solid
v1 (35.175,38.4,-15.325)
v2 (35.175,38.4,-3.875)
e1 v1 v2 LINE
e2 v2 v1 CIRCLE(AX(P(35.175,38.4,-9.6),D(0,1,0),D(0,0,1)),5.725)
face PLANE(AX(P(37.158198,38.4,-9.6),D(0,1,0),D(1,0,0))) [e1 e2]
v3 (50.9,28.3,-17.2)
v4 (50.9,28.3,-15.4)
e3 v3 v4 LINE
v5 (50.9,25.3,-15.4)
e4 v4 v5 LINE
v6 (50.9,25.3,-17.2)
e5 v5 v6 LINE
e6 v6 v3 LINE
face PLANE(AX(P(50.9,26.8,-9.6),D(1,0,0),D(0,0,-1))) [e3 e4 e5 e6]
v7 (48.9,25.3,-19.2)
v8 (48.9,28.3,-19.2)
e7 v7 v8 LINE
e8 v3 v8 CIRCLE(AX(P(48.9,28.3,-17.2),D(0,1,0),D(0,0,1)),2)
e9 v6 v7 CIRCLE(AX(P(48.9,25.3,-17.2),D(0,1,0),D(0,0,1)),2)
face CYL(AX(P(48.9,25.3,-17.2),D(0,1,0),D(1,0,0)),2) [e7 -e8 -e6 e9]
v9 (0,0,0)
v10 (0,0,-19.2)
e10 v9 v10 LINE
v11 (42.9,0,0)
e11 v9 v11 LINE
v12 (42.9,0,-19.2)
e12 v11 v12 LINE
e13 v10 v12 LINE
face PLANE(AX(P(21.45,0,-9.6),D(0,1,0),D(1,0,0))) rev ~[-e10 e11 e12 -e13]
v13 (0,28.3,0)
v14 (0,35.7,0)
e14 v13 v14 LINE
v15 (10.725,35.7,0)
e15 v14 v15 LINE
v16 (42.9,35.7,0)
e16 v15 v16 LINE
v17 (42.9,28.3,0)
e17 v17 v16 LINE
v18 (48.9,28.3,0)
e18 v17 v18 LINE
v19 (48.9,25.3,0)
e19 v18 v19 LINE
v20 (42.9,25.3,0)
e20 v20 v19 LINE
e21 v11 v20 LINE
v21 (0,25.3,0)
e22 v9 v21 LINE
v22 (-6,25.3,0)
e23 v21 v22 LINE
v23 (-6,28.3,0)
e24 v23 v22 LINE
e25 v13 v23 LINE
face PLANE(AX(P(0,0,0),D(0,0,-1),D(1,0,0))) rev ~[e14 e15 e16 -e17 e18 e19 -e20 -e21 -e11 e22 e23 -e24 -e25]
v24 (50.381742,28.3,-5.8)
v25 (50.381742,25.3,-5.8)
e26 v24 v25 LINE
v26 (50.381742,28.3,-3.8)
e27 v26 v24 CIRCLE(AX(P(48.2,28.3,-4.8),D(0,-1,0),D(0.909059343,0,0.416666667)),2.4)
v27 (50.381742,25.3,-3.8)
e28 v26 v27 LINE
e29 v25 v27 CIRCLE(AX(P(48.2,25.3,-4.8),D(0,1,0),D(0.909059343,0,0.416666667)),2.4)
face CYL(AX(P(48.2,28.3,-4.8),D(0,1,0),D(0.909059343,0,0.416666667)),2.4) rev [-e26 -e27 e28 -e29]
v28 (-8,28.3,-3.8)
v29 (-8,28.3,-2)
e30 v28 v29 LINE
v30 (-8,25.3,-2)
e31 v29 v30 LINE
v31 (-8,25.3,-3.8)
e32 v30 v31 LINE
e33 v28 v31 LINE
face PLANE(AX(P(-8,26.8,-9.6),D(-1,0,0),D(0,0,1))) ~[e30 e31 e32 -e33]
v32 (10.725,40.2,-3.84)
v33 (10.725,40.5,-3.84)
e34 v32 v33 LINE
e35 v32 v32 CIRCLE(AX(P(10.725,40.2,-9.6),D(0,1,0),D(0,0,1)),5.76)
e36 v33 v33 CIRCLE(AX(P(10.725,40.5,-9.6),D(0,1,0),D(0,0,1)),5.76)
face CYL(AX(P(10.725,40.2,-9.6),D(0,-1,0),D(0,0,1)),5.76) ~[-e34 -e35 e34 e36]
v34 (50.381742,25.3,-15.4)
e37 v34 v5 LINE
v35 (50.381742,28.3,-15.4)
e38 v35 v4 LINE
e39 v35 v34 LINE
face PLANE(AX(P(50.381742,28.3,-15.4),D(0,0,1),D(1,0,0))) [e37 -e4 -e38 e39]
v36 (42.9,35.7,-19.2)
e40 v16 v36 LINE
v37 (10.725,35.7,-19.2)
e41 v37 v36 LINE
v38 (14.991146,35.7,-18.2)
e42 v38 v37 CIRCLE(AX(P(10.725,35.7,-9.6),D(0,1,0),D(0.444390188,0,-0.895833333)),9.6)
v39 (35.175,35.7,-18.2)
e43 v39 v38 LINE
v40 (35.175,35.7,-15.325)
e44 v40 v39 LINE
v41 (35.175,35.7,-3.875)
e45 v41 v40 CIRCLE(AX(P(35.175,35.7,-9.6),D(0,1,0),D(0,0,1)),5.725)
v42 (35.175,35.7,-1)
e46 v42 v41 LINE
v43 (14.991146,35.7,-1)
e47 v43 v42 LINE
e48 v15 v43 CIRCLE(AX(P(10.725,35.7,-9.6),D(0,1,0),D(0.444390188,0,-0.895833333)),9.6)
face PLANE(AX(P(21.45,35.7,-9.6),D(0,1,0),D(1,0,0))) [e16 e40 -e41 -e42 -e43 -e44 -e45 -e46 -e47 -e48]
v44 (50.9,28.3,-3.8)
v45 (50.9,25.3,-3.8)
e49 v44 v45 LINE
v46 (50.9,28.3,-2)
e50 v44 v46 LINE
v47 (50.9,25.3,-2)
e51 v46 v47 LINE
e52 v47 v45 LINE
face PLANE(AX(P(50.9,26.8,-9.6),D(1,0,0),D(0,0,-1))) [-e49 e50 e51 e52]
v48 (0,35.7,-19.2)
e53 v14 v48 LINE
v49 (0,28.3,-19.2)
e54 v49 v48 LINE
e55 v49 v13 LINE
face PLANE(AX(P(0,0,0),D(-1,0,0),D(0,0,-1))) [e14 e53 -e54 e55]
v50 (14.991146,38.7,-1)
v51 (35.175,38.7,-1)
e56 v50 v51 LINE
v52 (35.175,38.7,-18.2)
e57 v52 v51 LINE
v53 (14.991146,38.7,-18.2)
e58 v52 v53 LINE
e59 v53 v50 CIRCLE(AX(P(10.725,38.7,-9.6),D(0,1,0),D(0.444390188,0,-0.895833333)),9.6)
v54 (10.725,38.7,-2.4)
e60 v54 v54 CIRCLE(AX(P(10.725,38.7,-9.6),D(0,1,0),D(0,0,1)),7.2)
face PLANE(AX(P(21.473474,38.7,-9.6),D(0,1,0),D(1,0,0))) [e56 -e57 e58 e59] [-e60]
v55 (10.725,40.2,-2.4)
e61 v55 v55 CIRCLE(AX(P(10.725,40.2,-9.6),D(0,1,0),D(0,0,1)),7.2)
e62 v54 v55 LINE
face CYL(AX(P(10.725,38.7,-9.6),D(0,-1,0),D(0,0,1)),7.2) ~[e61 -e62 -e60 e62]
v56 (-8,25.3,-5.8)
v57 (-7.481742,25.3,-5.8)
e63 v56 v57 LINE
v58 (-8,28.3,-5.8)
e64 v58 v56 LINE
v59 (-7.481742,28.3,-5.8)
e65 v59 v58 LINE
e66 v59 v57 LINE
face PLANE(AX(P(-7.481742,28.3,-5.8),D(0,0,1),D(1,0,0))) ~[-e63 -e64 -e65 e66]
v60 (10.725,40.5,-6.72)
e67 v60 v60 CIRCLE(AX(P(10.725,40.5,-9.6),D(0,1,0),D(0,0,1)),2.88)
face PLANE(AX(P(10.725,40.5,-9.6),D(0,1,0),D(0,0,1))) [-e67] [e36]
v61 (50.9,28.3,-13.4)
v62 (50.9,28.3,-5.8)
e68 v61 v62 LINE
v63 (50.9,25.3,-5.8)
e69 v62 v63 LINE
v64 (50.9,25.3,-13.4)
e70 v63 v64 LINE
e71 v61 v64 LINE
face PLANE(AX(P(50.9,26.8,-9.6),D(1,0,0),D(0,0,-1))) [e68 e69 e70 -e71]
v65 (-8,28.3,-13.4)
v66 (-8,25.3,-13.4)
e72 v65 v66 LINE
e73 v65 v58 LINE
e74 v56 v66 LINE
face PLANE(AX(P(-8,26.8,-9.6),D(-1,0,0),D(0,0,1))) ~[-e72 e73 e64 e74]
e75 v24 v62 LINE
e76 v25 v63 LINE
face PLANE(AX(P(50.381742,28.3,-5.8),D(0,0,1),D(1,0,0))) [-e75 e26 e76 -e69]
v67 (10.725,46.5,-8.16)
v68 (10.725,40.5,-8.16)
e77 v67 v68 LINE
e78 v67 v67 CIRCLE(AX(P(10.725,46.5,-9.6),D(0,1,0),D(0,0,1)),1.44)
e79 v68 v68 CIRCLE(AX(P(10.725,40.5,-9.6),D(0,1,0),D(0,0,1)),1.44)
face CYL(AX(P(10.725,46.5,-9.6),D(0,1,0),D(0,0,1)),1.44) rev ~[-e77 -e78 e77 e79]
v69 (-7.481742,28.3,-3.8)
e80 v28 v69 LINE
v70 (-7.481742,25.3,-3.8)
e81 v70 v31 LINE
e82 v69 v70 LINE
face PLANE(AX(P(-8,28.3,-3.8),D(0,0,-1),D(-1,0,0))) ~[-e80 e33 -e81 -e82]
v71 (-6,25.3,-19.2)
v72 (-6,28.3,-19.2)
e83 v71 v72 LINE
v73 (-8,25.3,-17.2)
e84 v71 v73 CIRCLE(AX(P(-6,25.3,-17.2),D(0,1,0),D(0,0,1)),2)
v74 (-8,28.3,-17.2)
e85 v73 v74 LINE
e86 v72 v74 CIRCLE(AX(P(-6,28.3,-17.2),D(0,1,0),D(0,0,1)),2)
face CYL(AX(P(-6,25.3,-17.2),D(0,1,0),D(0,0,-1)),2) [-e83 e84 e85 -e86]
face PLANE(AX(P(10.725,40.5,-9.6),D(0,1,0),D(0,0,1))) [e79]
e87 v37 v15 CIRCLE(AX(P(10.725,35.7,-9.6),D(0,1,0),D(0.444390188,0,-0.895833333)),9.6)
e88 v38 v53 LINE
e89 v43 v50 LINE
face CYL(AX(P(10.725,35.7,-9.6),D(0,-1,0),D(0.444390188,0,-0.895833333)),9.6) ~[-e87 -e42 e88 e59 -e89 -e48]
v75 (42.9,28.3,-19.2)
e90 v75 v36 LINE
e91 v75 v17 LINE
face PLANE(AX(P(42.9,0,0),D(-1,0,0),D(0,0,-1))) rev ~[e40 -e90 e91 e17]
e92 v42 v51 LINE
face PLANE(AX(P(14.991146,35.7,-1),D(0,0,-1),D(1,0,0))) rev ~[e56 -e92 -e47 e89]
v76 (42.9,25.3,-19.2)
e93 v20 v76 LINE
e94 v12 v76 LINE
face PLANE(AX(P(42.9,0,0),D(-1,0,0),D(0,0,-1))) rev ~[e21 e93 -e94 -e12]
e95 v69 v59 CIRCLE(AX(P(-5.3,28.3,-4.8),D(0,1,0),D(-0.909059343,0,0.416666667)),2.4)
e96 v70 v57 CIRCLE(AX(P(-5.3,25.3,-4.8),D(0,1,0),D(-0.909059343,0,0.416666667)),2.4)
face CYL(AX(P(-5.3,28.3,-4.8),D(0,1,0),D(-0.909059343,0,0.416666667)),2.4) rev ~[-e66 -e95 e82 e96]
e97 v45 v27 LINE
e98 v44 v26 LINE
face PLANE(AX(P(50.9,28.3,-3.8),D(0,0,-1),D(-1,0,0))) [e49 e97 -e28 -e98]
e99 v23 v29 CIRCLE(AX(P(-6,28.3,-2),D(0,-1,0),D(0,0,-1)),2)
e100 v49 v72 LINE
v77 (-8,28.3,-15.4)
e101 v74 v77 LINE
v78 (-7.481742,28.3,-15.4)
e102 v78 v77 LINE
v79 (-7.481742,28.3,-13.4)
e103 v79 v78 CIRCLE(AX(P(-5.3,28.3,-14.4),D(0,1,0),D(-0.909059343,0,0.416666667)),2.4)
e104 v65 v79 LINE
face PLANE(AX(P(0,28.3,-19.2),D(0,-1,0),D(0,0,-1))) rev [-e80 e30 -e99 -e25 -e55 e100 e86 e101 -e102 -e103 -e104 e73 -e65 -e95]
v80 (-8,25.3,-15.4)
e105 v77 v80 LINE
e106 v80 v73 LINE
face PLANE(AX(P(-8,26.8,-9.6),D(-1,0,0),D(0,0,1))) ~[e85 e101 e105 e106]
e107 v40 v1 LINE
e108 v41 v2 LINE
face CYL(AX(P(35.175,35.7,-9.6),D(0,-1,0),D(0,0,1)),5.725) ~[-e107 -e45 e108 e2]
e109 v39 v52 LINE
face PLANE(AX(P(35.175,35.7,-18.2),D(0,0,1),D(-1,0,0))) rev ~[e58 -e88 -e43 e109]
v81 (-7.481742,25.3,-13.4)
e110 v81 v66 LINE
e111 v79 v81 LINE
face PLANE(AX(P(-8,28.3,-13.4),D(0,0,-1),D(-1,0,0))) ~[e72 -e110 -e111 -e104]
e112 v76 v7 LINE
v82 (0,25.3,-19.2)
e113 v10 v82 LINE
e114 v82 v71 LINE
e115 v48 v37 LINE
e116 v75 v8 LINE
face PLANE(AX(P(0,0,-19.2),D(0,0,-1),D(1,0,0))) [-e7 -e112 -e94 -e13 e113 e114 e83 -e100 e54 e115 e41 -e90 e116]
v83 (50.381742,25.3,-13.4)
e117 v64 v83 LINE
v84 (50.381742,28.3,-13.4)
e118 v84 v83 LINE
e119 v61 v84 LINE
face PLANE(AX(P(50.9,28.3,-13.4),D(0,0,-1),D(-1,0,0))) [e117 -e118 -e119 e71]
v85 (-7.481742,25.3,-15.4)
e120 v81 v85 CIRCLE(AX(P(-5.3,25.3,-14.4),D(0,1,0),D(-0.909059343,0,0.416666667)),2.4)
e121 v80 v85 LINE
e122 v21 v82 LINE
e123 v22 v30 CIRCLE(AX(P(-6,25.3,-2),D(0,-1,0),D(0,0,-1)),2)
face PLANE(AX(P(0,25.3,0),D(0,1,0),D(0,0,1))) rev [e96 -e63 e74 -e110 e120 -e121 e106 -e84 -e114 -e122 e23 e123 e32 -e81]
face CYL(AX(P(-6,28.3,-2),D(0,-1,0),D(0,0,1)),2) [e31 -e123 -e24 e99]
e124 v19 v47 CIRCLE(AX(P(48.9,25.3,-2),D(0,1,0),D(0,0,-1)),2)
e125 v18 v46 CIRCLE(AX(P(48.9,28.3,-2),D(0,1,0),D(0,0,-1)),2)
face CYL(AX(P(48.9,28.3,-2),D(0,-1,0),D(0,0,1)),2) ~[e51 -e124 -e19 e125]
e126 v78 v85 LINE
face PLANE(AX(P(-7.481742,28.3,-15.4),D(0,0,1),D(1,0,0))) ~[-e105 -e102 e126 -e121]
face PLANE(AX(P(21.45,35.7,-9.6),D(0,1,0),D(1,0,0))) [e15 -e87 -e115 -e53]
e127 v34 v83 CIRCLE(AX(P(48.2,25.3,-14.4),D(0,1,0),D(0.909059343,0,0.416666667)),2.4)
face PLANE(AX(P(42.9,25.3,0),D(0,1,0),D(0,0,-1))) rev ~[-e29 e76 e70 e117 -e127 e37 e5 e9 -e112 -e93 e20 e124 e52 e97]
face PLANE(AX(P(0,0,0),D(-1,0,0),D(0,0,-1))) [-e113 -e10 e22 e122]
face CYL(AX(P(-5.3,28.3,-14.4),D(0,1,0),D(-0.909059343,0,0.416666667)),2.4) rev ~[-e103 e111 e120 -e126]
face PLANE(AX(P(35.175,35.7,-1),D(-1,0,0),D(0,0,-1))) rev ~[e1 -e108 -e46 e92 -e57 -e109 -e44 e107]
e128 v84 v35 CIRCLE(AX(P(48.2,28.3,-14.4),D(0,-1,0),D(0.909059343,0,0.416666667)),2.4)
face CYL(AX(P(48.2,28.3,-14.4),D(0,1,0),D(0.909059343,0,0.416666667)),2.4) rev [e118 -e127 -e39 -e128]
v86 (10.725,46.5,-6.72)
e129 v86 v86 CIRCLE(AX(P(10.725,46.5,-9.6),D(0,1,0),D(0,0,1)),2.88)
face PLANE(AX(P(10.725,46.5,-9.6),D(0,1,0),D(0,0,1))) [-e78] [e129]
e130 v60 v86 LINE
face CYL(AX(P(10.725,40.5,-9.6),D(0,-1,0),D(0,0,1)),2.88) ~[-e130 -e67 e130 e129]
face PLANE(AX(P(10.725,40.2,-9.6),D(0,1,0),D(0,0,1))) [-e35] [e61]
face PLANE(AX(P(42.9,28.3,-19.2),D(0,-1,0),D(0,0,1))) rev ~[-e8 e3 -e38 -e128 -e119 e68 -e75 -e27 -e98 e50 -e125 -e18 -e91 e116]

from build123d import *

# Parameters (mm, degrees)
SKETCH_1_W             = 42.9
SKETCH_1_H             = 19.2
EXTRUDE_1_DEPTH        = 35.7
EXTRUDE_3_DEPTH        = 3
SKETCH_5_R             = 7.2
EXTRUDE_4_DEPTH        = 1.5
SKETCH_6_R             = 5.76
EXTRUDE_5_DEPTH        = 0.3
CUT_EXTRUDE_START      = -0.3
CUT_EXTRUDE_3_DEPTH    = 0.3
EXTRUDE_6_DEPTH        = 8
FILLET_1_R             = 2
FILLET_2_R             = 2
CUT_EXTRUDE_4_DEPTH    = 62.321611199
FILLET_1_OF_MIRROR_2_R = 2
FILLET_2_OF_MIRROR_2_R = 2
SKETCH_10_R            = 2.88
EXTRUDE_7_DEPTH        = 6
SKETCH_11_R            = 1.44
CUT_EXTRUDE_5_DEPTH    = 6


with BuildPart() as part:
    # Эскиз1 → Бобышка-Вытянуть1 (new body)
    with BuildSketch(Plane(origin=(0, 0, 0), x_dir=(1, 0, 0), z_dir=(0, 1, 0))):
        with Locations((21.45, 9.6)):
            Rectangle(SKETCH_1_W, SKETCH_1_H)
    extrude(amount=EXTRUDE_1_DEPTH)

    # Эскиз2 → Бобышка-Вытянуть3 (add)
    with BuildSketch(Plane(origin=(0, 35.7, 0), x_dir=(1, 0, 0), z_dir=(0, 1, 0))):
        with BuildLine():
            Line((14.991145802, 1), (35.175, 1))
            Line((35.175, 1), (35.175, 3.875))
            ThreePointArc((35.175, 3.875), (40.9, 9.6), (35.175, 15.325))
            Line((35.175, 15.325), (35.175, 18.2))
            Line((35.175, 18.2), (14.991145802, 18.2))
            ThreePointArc((14.991145802, 18.2), (1.125, 9.6), (14.991145802, 1))
        make_face()
    extrude(amount=EXTRUDE_3_DEPTH)

    # Эскиз5 → Бобышка-Вытянуть4 (add)
    with BuildSketch(Plane(origin=(0, 38.7, 0), x_dir=(1, 0, 0), z_dir=(0, 1, 0))):
        with Locations((10.725, 9.6)):
            Circle(SKETCH_5_R)
    extrude(amount=EXTRUDE_4_DEPTH)

    # Эскиз6 → Бобышка-Вытянуть5 (add)
    with BuildSketch(Plane(origin=(0, 40.2, 0), x_dir=(1, 0, 0), z_dir=(0, 1, 0))):
        with Locations((10.725, 9.6)):
            Circle(SKETCH_6_R)
    extrude(amount=EXTRUDE_5_DEPTH)

    # Эскиз4 → Вырез-Вытянуть3 (cut)
    with BuildSketch(Plane(origin=(0, 38.7, 0), x_dir=(1, 0, 0), z_dir=(0, 1, 0)).offset(CUT_EXTRUDE_START)):
        with BuildLine():
            Line((35.175, 15.325), (35.175, 3.875))
            ThreePointArc((35.175, 3.875), (40.9, 9.6), (35.175, 15.325))
        make_face()
    extrude(amount=CUT_EXTRUDE_3_DEPTH, mode=Mode.SUBTRACT)

    # Эскиз8 → Бобышка-Вытянуть6 (add)
    with BuildSketch(Plane(origin=(42.9, 0, 0), x_dir=(0, 0, -1), z_dir=(1, 0, 0))):
        Polygon((19.2, 26.8), (19.2, 28.3), (0, 28.3), (0, 25.3), (19.2, 25.3), align=None)
    extrude_6 = extrude(amount=EXTRUDE_6_DEPTH)

    # Скругление1
    fillet_1_edges = [part.edges().sort_by_distance(p)[0] for p in [
        (50.9, 26.8, 0),
    ]]
    fillet(fillet_1_edges, radius=FILLET_1_R)

    # Скругление2
    fillet_2_edges = [part.edges().sort_by_distance(p)[0] for p in [
        (50.9, 26.8, -19.2),
    ]]
    fillet(fillet_2_edges, radius=FILLET_2_R)

    # Эскиз9 → Вырез-Вытянуть4 (cut, through all)
    with BuildSketch(Plane(origin=(0, 28.3, 0), x_dir=(1, 0, 0), z_dir=(0, 1, 0))):
        with BuildLine():
            Line((50.381742423, 5.8), (50.9, 5.8))
            Line((50.9, 5.8), (50.9, 3.8))
            Line((50.9, 3.8), (50.381742423, 3.8))
            ThreePointArc((50.381742423, 3.8), (45.8, 4.8), (50.381742423, 5.8))
        make_face()
        with BuildLine():
            Line((50.381742423, 15.4), (50.9, 15.4))
            Line((50.9, 15.4), (50.9, 13.4))
            Line((50.9, 13.4), (50.381742423, 13.4))
            ThreePointArc((50.381742423, 13.4), (45.8, 14.4), (50.381742423, 15.4))
        make_face()
    cut_extrude_4 = extrude(amount=-CUT_EXTRUDE_4_DEPTH, mode=Mode.SUBTRACT)

    # Зеркальное отражение2: Бобышка-Вытянуть6, Вырез-Вытянуть4 across plane
    add(extrude_6.mirror(Plane(origin=(21.45, 0, 0), x_dir=(0, 0, 1), z_dir=(1, 0, 0))))
    add(cut_extrude_4.mirror(Plane(origin=(21.45, 0, 0), x_dir=(0, 0, 1), z_dir=(1, 0, 0))), mode=Mode.SUBTRACT)

    # Скругление1 of Зеркальное отражение2
    fillet_1_of_mirror_2_edges = [part.edges().sort_by_distance(p)[0] for p in [
        (-8, 26.8, 0),
    ]]
    fillet(fillet_1_of_mirror_2_edges, radius=FILLET_1_OF_MIRROR_2_R)

    # Скругление2 of Зеркальное отражение2
    fillet_2_of_mirror_2_edges = [part.edges().sort_by_distance(p)[0] for p in [
        (-8, 26.8, -19.2),
    ]]
    fillet(fillet_2_of_mirror_2_edges, radius=FILLET_2_OF_MIRROR_2_R)

    # Эскиз10 → Бобышка-Вытянуть7 (add)
    with BuildSketch(Plane(origin=(0, 40.5, 0), x_dir=(1, 0, 0), z_dir=(0, 1, 0))):
        with Locations((10.725, 9.6)):
            Circle(SKETCH_10_R)
    extrude(amount=EXTRUDE_7_DEPTH)

    # Эскиз11 → Вырез-Вытянуть5 (cut)
    with BuildSketch(Plane(origin=(0, 46.5, 0), x_dir=(1, 0, 0), z_dir=(0, 1, 0))):
        with Locations((10.725, 9.6)):
            Circle(SKETCH_11_R)
    extrude(amount=-CUT_EXTRUDE_5_DEPTH, mode=Mode.SUBTRACT)


solid = part.part
